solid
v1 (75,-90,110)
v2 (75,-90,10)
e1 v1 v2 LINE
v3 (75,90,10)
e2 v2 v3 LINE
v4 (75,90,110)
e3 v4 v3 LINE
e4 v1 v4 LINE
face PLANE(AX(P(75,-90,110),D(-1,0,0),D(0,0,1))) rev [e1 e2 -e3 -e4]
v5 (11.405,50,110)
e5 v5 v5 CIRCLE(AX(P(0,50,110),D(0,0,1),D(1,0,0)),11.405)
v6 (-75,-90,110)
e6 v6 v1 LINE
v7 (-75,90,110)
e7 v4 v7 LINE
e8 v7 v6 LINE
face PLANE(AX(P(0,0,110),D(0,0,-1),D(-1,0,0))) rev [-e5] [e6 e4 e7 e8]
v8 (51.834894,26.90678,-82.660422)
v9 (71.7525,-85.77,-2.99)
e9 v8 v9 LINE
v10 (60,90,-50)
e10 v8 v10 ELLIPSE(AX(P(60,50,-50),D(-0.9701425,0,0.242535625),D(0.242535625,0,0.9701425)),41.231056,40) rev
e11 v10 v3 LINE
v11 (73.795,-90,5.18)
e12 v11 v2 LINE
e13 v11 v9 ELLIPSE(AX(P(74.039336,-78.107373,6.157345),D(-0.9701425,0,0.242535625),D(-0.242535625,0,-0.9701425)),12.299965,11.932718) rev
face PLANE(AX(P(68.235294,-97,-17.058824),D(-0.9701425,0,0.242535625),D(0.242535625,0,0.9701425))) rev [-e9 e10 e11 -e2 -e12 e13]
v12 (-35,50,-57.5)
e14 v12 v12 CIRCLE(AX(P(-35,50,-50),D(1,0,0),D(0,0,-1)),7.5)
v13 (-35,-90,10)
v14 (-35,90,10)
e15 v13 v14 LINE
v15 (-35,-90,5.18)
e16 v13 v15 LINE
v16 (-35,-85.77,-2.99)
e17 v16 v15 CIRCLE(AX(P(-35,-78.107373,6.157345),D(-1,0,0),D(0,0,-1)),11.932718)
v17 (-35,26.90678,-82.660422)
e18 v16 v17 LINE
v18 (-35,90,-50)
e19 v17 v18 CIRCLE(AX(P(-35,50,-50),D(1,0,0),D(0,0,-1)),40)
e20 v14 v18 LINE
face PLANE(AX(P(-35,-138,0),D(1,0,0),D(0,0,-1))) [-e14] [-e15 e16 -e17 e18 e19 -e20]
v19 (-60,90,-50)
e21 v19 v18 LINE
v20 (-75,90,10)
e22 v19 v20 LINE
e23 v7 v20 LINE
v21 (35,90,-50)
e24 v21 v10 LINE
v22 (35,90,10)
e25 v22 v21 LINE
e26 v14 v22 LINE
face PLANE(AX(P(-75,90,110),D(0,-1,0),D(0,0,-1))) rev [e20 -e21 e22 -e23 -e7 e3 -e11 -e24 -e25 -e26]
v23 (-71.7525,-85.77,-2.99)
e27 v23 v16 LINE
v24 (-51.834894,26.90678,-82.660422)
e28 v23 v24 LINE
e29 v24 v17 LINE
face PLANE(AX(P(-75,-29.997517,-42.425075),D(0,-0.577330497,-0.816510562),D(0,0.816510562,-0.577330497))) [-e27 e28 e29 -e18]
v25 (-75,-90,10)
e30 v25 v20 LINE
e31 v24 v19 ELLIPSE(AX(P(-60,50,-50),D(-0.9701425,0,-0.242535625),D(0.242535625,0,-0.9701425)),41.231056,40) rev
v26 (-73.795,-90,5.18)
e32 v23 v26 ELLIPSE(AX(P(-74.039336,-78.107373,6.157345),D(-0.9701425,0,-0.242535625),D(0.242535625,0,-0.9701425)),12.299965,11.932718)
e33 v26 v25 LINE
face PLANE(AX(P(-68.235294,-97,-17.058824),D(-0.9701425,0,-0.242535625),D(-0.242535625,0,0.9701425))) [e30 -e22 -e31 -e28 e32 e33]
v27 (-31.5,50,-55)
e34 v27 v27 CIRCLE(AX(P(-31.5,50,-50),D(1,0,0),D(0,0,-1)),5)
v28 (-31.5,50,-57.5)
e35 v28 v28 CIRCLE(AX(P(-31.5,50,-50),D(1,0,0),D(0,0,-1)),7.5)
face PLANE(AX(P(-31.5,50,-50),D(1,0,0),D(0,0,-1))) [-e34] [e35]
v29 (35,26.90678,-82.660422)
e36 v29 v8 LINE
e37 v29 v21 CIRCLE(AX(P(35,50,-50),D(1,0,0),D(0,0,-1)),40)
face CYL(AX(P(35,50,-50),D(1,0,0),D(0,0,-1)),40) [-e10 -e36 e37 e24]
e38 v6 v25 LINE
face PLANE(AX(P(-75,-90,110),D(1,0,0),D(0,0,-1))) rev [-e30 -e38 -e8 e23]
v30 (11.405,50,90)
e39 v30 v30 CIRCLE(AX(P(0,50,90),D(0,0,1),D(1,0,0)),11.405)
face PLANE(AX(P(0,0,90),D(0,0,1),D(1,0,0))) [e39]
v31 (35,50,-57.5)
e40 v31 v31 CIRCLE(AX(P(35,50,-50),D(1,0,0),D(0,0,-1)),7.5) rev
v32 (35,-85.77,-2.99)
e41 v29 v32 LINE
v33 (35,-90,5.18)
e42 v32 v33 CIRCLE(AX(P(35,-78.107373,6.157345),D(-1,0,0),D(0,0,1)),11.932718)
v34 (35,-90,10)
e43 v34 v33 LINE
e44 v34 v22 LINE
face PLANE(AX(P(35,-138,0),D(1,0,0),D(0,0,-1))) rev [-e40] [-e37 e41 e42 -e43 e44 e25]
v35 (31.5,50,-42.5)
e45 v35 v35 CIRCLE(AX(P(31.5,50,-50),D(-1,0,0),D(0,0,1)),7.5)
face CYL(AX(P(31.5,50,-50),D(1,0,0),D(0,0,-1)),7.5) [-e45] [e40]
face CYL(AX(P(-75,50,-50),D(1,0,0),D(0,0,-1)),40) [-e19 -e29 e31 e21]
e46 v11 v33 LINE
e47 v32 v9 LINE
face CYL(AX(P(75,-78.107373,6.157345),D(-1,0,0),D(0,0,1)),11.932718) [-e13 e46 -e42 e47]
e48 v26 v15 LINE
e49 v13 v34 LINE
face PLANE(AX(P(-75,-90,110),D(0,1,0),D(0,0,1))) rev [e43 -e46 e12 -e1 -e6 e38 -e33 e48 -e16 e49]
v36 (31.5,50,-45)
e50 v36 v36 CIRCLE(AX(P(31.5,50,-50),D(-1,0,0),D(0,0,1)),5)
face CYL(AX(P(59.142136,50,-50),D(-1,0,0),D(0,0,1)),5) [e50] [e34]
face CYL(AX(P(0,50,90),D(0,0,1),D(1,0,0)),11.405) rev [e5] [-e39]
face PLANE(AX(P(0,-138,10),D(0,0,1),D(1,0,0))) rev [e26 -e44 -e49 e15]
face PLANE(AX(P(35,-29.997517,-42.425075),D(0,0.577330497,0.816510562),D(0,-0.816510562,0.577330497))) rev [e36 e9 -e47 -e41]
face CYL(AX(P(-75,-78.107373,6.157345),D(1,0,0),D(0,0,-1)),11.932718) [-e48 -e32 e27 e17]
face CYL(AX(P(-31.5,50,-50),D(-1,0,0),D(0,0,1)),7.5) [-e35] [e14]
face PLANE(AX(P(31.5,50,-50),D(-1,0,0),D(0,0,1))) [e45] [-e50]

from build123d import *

# Parameters (mm, degrees)
SKETCH1_W            = 150
SKETCH1_H            = 180
BOSS_EXTRUDE1_DEPTH  = 110
SKETCH2_W            = 35
SKETCH2_H            = 10
CUT_EXTRUDE1_DEPTH   = 228
BOSS_EXTRUDE2_DEPTH  = 40
SKETCH5_R            = 40
SKETCH5_R_2          = 5
BOSS_EXTRUDE3_DEPTH  = 40
BOSS_EXTRUDE5_DEPTH  = 40
CUT_EXTRUDE2_DEPTH   = 40
BOSS_EXTRUDE6_DEPTH  = 40
CUT_EXTRUDE3_START   = -40
CUT_EXTRUDE3_DEPTH   = 40
BOSS_EXTRUDE7_START  = -30
SKETCH11_R           = 5
BOSS_EXTRUDE7_DEPTH  = 30
SKETCH12_R           = 5
BOSS_EXTRUDE8_DEPTH  = 30
CUT_EXTRUDE4_DEPTH   = 187
BOSS_EXTRUDE9_START  = 90
SKETCH16_R           = 5
BOSS_EXTRUDE9_DEPTH  = 90
BOSS_EXTRUDE10_START = 3.5
SKETCH17_R           = 7.5
SKETCH17_R_2         = 5
BOSS_EXTRUDE10_DEPTH = 3.5
SKETCH18_R           = 7.5
SKETCH18_R_2         = 5
BOSS_EXTRUDE11_DEPTH = 3.5
SKETCH20_R           = 11.405
CUT_EXTRUDE5_DEPTH   = 20


with BuildPart() as part:
    # Sketch1 → Boss-Extrude1 (new body)
    with BuildSketch(Plane.XY):
        Rectangle(SKETCH1_W, SKETCH1_H)
    extrude(amount=BOSS_EXTRUDE1_DEPTH)

    # Sketch2 → Cut-Extrude1 (cut)
    with BuildSketch(Plane(origin=(0, 90, 0), x_dir=(1, 0, 0), z_dir=(0, 1, 0))):
        with Locations((17.5, -5)):
            Rectangle(SKETCH2_W, SKETCH2_H)
        with Locations((-17.5, -5)):
            Rectangle(SKETCH2_W, SKETCH2_H)
    extrude(amount=-CUT_EXTRUDE1_DEPTH, mode=Mode.SUBTRACT)

    # Sketch3 → Boss-Extrude2 (add)
    with BuildSketch(Plane(origin=(-35, 0, 0), x_dir=(0, 0, -1), z_dir=(1, 0, 0))):
        with BuildLine():
            Line((50, 90), (0, 90))
            Line((0, 90), (0, 50))
            Line((0, 50), (10, 50))
            ThreePointArc((10, 50), (21.715728753, 78.284271247), (50, 90))
        make_face()
        with BuildLine():
            Line((10, 50), (0, 50))
            Line((0, 50), (0, -85.77))
            Line((0, -85.77), (2.99, -85.77))
            Line((2.99, -85.77), (82.660422477, 26.906780138))
            ThreePointArc((82.660422477, 26.906780138), (37.884243711, 11.879028743), (10, 50))
        make_face()
        with BuildLine():
            ThreePointArc((90, 50), (78.284271247, 78.284271247), (50, 90))
            Line((50, 90), (50, 55))
            ThreePointArc((50, 55), (53.535533906, 53.535533906), (55, 50))
            ThreePointArc((55, 50), (50, 45), (45, 50))
            Line((45, 50), (10, 50))
            ThreePointArc((10, 50), (37.884243711, 11.879028743), (82.660422477, 26.906780138))
            ThreePointArc((82.660422477, 26.906780138), (88.120971257, 37.884243711), (90, 50))
        make_face()
        with BuildLine():
            Line((50, 55), (50, 90))
            ThreePointArc((50, 90), (21.715728753, 78.284271247), (10, 50))
            Line((10, 50), (45, 50))
            ThreePointArc((45, 50), (46.464466094, 53.535533906), (50, 55))
        make_face()
    extrude(amount=-BOSS_EXTRUDE2_DEPTH)

    # Sketch5 → Boss-Extrude3 (add)
    # profile 1 of 2: a face of its own
    with BuildSketch(Plane(origin=(75, 0, 0), x_dir=(0, 0, -1), z_dir=(1, 0, 0))):
        with BuildLine():
            Line((50, 90), (0, 90))
            Line((0, 90), (0, -85.77))
            Line((0, -85.77), (2.99, -85.77))
            Line((2.99, -85.77), (82.660422477, 26.906780138))
            ThreePointArc((82.660422477, 26.906780138), (14.477269288, 31.61153615), (50, 90))
        make_face()
    # profile 2 of 2: a face of its own
    with BuildSketch(Plane(origin=(75, 0, 0), x_dir=(0, 0, -1), z_dir=(1, 0, 0))):
        with Locations((50, 50)):
            Circle(SKETCH5_R)
        with Locations((50, 50)):
            Circle(SKETCH5_R_2, mode=Mode.SUBTRACT)
    extrude(amount=-BOSS_EXTRUDE3_DEPTH)

    # Sketch6 → Boss-Extrude5 (add)
    with BuildSketch(Plane(origin=(75, 0, 0), x_dir=(0, 0, -1), z_dir=(1, 0, 0))):
        Polygon((2.99, -85.77), (0, -90), (0, -85.77), align=None)
    extrude(amount=-BOSS_EXTRUDE5_DEPTH)

    # Sketch8 → Cut-Extrude2 (cut)
    with BuildSketch(Plane.ZY.offset(-35)):
        with BuildLine():
            Line((0, -90), (5.18, -90))
            ThreePointArc((5.18, -90), (0.670947119, -88.704033579), (-2.99, -85.77))
            Line((-2.99, -85.77), (0, -90))
        make_face()
    extrude(amount=-CUT_EXTRUDE2_DEPTH, mode=Mode.SUBTRACT)

    # Sketch9 → Boss-Extrude6 (add)
    with BuildSketch(Plane.ZY.offset(75)):
        Polygon((-2.99, -85.77), (0, -90), (0, -85.77), align=None)
    extrude(amount=-BOSS_EXTRUDE6_DEPTH)

    # Sketch10 → Cut-Extrude3 (cut)
    with BuildSketch(Plane(origin=(-35, 0, 0), x_dir=(0, 0, -1), z_dir=(1, 0, 0)).offset(CUT_EXTRUDE3_START)):
        with BuildLine():
            Line((-5.18, -90), (0, -90))
            Line((0, -90), (2.99, -85.77))
            ThreePointArc((2.99, -85.77), (-0.670947119, -88.704033579), (-5.18, -90))
        make_face()
    extrude(amount=CUT_EXTRUDE3_DEPTH, mode=Mode.SUBTRACT)

    # Sketch11 → Boss-Extrude7 (add)
    with BuildSketch(Plane.ZY.offset(75).offset(BOSS_EXTRUDE7_START)):
        with Locations(Location((-50, 50, 0), (0, 0, 180))):
            Circle(SKETCH11_R)
    extrude(amount=BOSS_EXTRUDE7_DEPTH)

    # Sketch12 → Boss-Extrude8 (add)
    with BuildSketch(Plane(origin=(75, 0, 0), x_dir=(0, 0, -1), z_dir=(1, 0, 0))):
        with Locations((50, 50)):
            Circle(SKETCH12_R)
    extrude(amount=-BOSS_EXTRUDE8_DEPTH)

    # Sketch14 → Cut-Extrude4 (cut)
    with BuildSketch(Plane(origin=(0, 90, 0), x_dir=(1, 0, 0), z_dir=(0, 1, 0))):
        Polygon((-60, 50), (-50, 90), (-75, 90), (-75, 50), align=None)
        Polygon((-75, -10), (-60, 50), (-75, 50), (-75, 0), align=None)
        Polygon((60, 50), (75, -10), (75, 0), (75, 50), align=None)
        Polygon((50, 90), (60, 50), (75, 50), (75, 90), align=None)
    extrude(amount=-CUT_EXTRUDE4_DEPTH, mode=Mode.SUBTRACT)

    # Sketch16 → Boss-Extrude9 (add)
    with BuildSketch(Plane(origin=(-45, 0, 0), x_dir=(0, 0, -1), z_dir=(1, 0, 0)).offset(BOSS_EXTRUDE9_START)):
        with Locations((50, 50)):
            Circle(SKETCH16_R)
    extrude(amount=-BOSS_EXTRUDE9_DEPTH)

    # Sketch17 → Boss-Extrude10 (add)
    with BuildSketch(Plane(origin=(-35, 0, 0), x_dir=(0, 0, -1), z_dir=(1, 0, 0)).offset(BOSS_EXTRUDE10_START)):
        with Locations((50, 50)):
            Circle(SKETCH17_R)
        with Locations((50, 50)):
            Circle(SKETCH17_R_2, mode=Mode.SUBTRACT)
    extrude(amount=-BOSS_EXTRUDE10_DEPTH)

    # Sketch18 → Boss-Extrude11 (add)
    with BuildSketch(Plane.ZY.offset(-35)):
        with Locations(Location((-50, 50, 0), (0, 0, 180))):
            Circle(SKETCH18_R)
        with Locations((-50, 50)):
            Circle(SKETCH18_R_2, mode=Mode.SUBTRACT)
    extrude(amount=BOSS_EXTRUDE11_DEPTH)

    # Sketch20 → Cut-Extrude5 (cut)
    with BuildSketch(Plane.XY.offset(110)):
        with Locations((0, 50)):
            Circle(SKETCH20_R)
    extrude(amount=-CUT_EXTRUDE5_DEPTH, mode=Mode.SUBTRACT)


solid = part.part
